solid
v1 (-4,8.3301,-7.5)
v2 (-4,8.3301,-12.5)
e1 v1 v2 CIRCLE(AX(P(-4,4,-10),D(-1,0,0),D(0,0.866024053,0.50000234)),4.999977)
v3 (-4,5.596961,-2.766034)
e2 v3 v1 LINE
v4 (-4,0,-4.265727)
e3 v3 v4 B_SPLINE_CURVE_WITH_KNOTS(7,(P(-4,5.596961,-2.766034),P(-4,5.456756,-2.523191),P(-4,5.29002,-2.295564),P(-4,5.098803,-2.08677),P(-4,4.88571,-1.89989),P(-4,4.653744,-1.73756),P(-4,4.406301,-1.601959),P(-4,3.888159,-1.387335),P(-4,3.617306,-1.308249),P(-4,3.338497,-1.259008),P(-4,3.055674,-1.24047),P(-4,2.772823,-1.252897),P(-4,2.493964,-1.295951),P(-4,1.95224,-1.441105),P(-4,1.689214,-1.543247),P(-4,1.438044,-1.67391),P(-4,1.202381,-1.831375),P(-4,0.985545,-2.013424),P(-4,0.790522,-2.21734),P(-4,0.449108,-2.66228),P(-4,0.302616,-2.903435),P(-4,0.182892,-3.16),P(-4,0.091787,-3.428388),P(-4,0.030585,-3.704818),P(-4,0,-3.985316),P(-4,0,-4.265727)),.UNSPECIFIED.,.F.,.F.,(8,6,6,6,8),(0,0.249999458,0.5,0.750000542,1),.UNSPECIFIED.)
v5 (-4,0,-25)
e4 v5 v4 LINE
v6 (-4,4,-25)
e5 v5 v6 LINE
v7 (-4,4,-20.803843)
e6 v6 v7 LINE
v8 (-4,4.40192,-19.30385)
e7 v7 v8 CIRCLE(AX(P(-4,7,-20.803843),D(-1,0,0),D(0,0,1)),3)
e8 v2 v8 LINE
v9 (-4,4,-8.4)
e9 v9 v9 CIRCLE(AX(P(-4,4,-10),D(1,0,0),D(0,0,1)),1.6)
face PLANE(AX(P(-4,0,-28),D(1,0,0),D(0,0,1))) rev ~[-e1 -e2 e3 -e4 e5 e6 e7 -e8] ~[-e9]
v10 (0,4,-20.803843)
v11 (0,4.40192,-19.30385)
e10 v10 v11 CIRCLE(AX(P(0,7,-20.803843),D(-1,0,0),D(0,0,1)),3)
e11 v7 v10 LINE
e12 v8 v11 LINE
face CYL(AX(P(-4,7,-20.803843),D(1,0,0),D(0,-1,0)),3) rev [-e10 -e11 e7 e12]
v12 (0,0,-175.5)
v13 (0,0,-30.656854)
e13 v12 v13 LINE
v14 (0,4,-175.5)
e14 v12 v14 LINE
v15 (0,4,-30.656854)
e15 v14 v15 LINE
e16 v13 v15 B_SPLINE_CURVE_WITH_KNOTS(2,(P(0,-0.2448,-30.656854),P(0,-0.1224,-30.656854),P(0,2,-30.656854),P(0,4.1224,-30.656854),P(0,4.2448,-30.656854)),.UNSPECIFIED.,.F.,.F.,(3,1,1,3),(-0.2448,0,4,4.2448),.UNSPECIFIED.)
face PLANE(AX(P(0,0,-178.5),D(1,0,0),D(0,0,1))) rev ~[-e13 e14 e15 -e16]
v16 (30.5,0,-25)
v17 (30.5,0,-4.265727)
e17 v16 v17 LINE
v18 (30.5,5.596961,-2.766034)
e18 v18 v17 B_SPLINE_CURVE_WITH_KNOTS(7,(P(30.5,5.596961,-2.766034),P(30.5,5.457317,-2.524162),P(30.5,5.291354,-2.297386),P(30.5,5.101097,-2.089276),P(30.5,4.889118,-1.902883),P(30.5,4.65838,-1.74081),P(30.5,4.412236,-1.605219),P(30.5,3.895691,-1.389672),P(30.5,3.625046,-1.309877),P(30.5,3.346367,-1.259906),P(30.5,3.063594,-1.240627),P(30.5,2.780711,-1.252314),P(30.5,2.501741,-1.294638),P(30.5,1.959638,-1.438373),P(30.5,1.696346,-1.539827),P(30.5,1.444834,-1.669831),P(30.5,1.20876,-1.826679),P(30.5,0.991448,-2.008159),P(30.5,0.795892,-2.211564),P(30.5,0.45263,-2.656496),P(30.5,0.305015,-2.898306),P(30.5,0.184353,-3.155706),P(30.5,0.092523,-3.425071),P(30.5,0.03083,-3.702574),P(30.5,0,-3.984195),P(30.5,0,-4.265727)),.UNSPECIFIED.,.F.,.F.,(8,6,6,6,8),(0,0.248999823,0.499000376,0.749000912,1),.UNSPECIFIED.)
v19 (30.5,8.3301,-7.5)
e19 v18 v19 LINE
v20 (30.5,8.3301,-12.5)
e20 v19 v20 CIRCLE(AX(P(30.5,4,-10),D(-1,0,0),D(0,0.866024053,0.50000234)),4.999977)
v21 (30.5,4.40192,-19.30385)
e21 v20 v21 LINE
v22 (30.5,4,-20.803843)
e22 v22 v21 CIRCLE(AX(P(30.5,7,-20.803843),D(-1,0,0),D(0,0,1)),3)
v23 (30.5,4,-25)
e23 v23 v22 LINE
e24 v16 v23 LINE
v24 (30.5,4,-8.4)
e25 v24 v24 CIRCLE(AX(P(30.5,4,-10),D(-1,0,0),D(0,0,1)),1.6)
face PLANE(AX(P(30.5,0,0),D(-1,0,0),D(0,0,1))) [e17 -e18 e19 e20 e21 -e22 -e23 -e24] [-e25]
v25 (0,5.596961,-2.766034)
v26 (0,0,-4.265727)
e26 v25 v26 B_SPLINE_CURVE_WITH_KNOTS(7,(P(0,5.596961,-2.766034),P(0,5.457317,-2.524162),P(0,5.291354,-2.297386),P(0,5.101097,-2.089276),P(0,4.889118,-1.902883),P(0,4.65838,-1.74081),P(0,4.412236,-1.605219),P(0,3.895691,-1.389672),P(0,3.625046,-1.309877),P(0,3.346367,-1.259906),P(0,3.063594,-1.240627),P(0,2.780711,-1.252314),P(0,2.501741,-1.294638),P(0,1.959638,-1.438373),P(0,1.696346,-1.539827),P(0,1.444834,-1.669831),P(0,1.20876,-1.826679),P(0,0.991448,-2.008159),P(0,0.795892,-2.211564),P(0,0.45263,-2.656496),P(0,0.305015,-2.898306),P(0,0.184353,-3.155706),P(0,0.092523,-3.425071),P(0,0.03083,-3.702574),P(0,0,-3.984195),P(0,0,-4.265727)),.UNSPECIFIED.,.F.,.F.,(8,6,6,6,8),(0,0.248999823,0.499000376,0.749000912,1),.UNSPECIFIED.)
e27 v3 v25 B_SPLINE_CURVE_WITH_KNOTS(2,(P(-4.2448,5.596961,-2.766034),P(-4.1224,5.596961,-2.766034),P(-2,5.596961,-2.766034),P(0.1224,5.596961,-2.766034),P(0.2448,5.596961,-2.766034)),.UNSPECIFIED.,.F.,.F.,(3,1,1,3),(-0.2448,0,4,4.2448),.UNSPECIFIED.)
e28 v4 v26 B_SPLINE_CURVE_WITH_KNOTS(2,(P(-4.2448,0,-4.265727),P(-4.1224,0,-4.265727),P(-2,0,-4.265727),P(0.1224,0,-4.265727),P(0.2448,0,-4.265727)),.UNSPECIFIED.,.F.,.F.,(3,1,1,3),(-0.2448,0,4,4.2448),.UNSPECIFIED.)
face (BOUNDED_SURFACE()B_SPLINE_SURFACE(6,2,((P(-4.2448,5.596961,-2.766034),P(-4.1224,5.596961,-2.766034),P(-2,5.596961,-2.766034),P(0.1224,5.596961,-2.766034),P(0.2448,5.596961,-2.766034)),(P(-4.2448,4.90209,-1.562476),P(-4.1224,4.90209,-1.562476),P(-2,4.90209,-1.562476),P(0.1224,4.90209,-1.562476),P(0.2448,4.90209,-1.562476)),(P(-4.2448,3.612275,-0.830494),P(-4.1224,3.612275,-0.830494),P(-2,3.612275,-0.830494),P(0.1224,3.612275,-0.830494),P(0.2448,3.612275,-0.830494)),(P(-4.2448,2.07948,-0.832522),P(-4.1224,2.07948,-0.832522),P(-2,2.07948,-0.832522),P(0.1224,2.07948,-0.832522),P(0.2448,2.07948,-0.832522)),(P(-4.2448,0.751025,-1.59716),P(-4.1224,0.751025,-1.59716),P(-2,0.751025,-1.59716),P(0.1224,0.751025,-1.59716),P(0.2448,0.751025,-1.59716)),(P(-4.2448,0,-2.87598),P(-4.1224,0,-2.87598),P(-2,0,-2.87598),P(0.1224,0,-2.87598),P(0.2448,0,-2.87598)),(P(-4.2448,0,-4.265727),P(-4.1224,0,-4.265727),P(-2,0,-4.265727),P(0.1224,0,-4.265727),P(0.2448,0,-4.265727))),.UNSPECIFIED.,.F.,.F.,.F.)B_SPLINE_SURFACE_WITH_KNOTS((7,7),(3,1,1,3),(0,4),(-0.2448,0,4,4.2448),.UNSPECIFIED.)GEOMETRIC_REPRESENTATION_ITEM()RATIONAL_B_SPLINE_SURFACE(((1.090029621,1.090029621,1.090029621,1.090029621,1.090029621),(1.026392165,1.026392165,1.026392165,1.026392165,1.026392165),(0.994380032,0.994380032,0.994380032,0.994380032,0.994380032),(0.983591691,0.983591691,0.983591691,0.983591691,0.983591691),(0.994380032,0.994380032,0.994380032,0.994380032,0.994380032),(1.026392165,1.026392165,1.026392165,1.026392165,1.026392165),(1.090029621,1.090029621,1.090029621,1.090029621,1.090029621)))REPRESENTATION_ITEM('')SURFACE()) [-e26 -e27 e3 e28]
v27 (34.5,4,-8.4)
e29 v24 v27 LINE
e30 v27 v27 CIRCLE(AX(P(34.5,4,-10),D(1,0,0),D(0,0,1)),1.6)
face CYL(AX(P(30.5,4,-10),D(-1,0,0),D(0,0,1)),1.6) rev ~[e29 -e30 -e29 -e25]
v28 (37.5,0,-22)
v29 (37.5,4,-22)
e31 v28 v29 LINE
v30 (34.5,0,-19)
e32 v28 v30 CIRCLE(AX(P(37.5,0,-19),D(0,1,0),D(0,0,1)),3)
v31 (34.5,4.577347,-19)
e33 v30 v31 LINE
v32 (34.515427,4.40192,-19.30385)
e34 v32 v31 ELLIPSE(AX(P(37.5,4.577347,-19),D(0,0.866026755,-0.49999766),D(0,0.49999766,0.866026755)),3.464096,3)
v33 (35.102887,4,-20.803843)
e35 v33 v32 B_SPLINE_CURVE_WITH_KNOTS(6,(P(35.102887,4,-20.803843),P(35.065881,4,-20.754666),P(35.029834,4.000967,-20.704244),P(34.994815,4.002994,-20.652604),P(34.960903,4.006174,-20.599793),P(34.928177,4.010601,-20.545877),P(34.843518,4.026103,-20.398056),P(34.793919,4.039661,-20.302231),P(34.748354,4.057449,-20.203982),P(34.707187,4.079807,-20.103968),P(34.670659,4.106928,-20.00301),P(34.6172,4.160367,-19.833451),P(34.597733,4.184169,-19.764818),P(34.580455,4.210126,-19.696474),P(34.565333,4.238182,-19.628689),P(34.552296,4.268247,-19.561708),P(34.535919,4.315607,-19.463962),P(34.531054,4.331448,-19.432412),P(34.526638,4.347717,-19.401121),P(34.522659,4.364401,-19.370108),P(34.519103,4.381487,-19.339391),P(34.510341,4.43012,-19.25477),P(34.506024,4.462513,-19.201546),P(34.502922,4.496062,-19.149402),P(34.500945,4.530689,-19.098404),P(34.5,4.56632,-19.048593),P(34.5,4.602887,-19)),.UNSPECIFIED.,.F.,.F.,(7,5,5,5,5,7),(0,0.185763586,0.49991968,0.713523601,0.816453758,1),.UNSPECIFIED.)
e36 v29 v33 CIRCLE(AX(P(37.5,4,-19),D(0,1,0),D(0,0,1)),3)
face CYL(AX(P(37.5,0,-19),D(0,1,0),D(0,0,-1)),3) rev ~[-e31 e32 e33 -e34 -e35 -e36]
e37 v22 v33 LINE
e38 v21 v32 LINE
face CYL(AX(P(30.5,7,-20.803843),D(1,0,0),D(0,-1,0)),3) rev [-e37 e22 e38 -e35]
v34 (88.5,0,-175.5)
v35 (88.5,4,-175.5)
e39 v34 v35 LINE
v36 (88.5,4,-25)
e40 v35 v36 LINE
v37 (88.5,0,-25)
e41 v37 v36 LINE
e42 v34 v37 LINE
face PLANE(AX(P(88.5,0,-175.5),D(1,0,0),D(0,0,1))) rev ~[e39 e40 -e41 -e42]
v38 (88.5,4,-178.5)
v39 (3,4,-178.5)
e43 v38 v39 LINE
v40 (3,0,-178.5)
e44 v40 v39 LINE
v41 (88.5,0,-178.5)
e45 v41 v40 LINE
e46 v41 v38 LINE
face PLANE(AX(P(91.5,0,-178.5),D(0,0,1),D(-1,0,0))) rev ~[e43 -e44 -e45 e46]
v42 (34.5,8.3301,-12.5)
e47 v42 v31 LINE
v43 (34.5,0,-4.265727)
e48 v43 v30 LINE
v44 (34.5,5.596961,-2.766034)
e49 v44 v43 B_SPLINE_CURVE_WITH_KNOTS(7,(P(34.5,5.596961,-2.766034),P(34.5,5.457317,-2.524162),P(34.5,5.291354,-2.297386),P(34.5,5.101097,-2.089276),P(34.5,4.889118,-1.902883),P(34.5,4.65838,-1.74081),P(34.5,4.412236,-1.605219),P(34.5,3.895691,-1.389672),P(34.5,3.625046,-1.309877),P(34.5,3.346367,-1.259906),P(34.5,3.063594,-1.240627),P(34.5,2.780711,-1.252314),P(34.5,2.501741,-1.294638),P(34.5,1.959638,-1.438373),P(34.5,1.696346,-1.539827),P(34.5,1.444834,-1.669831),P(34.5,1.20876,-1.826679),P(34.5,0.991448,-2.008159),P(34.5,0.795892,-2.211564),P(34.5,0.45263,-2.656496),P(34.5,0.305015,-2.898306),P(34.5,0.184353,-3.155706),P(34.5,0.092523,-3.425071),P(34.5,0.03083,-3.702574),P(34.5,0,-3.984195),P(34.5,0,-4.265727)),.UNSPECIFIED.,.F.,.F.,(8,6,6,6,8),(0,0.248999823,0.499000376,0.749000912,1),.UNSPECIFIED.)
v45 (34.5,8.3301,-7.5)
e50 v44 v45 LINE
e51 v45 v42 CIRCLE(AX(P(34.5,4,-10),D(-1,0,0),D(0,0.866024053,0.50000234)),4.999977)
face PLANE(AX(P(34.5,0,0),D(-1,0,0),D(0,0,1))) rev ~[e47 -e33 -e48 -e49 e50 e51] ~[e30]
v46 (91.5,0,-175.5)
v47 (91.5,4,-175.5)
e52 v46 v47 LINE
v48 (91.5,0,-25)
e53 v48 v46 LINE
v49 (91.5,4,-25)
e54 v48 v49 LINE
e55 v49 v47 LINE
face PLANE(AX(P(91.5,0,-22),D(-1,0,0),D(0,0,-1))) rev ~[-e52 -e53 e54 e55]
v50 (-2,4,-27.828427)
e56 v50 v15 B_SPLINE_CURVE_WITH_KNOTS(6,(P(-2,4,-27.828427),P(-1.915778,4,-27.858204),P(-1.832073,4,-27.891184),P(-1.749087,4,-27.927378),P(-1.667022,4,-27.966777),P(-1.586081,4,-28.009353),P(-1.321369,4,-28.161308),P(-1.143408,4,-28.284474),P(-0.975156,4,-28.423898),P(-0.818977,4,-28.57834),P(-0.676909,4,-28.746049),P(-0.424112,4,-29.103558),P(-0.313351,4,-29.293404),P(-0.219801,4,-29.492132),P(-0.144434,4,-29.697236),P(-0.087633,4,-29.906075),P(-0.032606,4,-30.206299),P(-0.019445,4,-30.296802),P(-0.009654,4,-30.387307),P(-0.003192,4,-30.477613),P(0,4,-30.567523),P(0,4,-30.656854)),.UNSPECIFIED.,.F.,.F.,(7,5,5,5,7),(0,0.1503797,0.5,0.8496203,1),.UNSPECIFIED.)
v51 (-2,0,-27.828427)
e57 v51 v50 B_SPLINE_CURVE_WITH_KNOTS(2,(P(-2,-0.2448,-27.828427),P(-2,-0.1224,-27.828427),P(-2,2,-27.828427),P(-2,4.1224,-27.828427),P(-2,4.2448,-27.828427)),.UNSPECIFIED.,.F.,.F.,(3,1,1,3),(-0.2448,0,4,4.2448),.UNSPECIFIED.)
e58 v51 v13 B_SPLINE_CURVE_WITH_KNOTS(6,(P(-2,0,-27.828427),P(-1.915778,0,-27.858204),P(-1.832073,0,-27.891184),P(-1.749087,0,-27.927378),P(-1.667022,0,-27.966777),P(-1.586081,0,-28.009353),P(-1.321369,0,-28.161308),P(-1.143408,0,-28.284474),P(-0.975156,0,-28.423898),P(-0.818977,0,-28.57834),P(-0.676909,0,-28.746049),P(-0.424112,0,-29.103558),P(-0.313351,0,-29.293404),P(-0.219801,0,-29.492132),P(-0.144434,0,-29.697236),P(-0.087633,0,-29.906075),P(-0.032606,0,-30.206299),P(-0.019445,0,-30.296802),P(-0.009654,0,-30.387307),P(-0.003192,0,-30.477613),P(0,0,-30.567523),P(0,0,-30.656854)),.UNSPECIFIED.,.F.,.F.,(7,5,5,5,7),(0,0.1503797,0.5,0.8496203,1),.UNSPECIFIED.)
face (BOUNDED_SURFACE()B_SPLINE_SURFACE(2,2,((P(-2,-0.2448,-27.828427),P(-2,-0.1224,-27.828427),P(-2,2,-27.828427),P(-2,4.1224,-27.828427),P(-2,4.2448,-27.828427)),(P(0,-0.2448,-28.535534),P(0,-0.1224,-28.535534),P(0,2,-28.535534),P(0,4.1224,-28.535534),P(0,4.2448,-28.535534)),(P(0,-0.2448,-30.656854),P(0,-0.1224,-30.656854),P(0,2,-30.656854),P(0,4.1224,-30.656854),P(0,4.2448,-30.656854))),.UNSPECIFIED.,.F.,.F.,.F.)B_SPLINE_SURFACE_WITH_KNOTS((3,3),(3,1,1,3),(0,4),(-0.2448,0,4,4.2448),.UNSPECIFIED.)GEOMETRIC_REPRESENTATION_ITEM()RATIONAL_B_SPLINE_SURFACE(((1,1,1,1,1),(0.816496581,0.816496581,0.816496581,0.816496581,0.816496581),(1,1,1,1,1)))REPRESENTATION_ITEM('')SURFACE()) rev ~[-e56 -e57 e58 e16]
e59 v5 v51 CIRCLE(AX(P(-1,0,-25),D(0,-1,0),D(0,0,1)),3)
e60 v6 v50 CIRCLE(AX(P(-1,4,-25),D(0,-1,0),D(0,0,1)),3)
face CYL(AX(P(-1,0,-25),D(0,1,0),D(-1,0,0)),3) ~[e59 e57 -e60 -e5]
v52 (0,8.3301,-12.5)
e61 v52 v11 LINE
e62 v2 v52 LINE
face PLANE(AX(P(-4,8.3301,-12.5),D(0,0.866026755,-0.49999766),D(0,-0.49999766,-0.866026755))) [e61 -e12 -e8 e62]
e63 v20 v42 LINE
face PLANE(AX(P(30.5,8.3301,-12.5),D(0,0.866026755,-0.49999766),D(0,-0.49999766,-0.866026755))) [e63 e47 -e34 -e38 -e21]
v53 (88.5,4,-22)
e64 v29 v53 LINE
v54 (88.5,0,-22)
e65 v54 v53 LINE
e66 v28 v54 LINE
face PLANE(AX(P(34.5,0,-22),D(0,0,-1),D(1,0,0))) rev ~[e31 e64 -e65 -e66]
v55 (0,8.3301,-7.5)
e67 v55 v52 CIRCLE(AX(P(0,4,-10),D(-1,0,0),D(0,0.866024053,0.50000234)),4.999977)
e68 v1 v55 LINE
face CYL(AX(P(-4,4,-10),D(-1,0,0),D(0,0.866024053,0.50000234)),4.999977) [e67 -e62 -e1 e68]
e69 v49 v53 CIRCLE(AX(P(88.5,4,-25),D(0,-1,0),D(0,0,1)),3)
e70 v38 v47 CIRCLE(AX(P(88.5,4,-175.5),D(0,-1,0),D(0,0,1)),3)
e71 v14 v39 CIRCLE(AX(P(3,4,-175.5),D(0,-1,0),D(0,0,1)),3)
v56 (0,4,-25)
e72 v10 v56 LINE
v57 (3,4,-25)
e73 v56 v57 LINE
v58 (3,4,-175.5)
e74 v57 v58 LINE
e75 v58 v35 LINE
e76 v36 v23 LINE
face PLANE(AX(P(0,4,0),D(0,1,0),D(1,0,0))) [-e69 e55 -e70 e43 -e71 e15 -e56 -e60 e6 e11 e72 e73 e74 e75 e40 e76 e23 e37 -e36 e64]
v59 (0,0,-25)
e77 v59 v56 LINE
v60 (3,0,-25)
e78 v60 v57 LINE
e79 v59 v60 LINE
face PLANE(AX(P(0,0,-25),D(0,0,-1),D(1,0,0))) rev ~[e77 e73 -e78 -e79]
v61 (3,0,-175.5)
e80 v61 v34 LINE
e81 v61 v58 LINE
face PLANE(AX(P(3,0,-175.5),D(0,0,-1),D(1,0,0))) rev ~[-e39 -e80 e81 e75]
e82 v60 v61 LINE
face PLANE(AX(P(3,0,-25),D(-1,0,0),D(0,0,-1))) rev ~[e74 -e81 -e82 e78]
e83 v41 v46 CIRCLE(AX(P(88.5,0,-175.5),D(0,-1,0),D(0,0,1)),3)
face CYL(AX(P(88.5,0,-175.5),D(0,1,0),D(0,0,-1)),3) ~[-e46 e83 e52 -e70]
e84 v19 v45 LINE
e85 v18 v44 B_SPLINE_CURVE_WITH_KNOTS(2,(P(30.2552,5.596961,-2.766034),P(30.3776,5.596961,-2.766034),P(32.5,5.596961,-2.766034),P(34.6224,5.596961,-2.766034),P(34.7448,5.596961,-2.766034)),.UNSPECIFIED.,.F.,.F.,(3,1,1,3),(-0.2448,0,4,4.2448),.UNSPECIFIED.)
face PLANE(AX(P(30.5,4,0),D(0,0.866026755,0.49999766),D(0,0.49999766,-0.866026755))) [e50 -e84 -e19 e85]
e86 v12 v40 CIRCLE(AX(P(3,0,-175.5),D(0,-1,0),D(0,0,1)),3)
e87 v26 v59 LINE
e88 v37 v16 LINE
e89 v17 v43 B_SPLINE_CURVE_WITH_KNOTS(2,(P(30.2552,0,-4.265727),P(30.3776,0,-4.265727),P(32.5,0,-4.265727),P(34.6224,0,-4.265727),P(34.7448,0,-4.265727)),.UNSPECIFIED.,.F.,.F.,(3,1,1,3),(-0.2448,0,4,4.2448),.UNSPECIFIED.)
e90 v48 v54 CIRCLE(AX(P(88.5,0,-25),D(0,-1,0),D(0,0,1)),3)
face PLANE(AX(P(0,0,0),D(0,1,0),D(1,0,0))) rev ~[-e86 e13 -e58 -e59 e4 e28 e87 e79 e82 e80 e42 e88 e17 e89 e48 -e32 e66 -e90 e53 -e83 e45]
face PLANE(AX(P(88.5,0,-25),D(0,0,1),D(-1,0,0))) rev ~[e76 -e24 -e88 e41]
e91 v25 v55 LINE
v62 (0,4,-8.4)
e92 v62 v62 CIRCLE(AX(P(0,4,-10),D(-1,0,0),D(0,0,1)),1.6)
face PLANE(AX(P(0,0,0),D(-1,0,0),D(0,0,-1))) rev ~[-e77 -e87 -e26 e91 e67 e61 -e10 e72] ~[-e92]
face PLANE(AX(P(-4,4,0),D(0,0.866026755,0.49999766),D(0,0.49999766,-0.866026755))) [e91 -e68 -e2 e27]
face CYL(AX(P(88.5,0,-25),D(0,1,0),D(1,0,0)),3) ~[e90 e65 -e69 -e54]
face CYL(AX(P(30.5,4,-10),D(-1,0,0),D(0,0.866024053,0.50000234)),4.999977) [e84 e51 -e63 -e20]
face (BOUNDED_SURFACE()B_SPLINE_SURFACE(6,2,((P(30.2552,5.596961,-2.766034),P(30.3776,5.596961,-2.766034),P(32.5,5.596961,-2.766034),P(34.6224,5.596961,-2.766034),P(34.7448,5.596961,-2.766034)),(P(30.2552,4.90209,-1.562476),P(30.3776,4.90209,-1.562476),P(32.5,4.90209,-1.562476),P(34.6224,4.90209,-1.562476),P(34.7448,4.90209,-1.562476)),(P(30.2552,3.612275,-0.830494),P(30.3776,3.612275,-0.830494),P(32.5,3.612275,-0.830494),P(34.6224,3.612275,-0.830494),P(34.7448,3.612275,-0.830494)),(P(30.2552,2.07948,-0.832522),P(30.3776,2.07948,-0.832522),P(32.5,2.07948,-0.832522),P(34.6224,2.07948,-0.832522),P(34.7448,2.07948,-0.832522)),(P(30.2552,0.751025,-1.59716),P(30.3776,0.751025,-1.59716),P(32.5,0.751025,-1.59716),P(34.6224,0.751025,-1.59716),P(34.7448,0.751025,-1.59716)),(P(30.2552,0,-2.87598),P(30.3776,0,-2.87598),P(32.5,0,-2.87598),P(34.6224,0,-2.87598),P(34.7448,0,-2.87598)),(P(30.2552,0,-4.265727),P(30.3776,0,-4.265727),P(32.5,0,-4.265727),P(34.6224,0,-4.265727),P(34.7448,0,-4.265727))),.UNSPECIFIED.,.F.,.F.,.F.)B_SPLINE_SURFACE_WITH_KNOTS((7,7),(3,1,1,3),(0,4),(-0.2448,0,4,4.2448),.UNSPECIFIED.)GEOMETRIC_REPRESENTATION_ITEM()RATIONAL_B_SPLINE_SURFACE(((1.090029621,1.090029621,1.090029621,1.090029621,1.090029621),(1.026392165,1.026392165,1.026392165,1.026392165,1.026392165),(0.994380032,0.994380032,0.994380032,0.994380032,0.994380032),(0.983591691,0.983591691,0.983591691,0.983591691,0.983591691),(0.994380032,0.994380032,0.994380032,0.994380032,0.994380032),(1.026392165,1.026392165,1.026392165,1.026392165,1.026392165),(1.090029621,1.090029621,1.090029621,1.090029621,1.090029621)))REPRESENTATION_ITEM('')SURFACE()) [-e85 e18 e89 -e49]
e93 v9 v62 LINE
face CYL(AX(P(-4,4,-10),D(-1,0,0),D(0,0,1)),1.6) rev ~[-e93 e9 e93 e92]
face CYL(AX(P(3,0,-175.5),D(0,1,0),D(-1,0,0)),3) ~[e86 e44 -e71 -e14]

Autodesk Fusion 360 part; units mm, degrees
sketch "Sketch1" plane through (0, 0, 0) normal (0, 1, 0) x (1, 0, 0)
  line L0 (0, 0) -> (0, 25)
  line L1 (0, 25) -> (3, 25)
  line L2 (3, 25) -> (3, 175.5)
  line L3 (3, 175.5) -> (88.5, 175.5)
  line L4 (88.5, 175.5) -> (88.5, 25)
  line L5 (88.5, 25) -> (30.5, 25)
  line L6 (30.5, 25) -> (30.5, 0)
  line L7 (30.5, 0) -> (34.5, 0)
  line L8 (34.5, 0) -> (34.5, 22)
  line L9 (34.5, 22) -> (91.5, 22)
  line L10 (91.5, 22) -> (91.5, 178.5)
  line L11 (91.5, 178.5) -> (0, 178.5)
  line L12 (0, 178.5) -> (0, 28)
  line L13 (0, 28) -> (-4, 28)
  line L14 (-4, 28) -> (-4, 0)
  line L15 (-4, 0) -> (0, 0)
  dimension "d1" = 4
  dimension "d2" = 3
  dimension "d3" = 3
  dimension "d4" = 3
  dimension "d5" = 3
  dimension "d6" = 3
  dimension "d7" = 4
  dimension "d8" = 85.5
  dimension "d9" = 150.5
  dimension "d10" = 25
  dimension "d11" = 25
  dimension "d12" = 3
  dimension "d13" = 30.5
extrude "Extrude1" add sketch "Sketch1" along normal blind 4
sketch "Sketch2" plane through (-4, 0, 0) normal (-1, 0, 0) x (0, 0, 1)
  line L0 (-28, 0) -> (0, 0)
  line L1 (0, 0) -> (0, 4)
  line L2 (0, 4) -> (-28, 4)
  line L3 (-28, 4) -> (-28, 0)
  line L4 (-25, 0) -> (-25, 4)
  circle A0 centre (-10, 4) radius 1.6
  line L5 (0, 4) -> (-7.5, 8.3301)
  line L6 (-12.5, 8.3301) -> (-20, 4)
  arc A1 (-7.5, 8.3301) -> (-12.5, 8.3301) centre (-10, 4) ccw
  point P0 (-25, 2)
  dimension "d16" = 3.2
  dimension "d17" = 10
  dimension "d18" = 2
  dimension "d19" = 15
  dimension "d20" = 30
extrude "Extrude2" add sketch "Sketch2" against normal up to surface (4 mm away) contours L2 A0 L5 L6 A1
extrude "Extrude3" add sketch "Sketch2" against normal up to surface (4 mm away) from surface at -34.5 contours L2 A0 L5 L6 A1
extrude "Extrude4" cut sketch "Sketch2" against normal through all contours L2 A0 picked at (-9.8813, 3.48)
fillet "Fillet1" radius 3 12 edges at (-2, 4, -20) (32.5, 4, -20) (32.5, 4, 0) (32.5, 0, 0) (-2, 4, 0) (-2, 0, 0) (-4, 2, -28) (0, 2, -28) (0, 2, -178.5) (91.5, 2, -178.5) (91.5, 2, -22) (34.5, 2, -22)
equation "d2 = d4"
equation "d3 = d4"
equation "d5 = d4"
equation "d6 = d4"
